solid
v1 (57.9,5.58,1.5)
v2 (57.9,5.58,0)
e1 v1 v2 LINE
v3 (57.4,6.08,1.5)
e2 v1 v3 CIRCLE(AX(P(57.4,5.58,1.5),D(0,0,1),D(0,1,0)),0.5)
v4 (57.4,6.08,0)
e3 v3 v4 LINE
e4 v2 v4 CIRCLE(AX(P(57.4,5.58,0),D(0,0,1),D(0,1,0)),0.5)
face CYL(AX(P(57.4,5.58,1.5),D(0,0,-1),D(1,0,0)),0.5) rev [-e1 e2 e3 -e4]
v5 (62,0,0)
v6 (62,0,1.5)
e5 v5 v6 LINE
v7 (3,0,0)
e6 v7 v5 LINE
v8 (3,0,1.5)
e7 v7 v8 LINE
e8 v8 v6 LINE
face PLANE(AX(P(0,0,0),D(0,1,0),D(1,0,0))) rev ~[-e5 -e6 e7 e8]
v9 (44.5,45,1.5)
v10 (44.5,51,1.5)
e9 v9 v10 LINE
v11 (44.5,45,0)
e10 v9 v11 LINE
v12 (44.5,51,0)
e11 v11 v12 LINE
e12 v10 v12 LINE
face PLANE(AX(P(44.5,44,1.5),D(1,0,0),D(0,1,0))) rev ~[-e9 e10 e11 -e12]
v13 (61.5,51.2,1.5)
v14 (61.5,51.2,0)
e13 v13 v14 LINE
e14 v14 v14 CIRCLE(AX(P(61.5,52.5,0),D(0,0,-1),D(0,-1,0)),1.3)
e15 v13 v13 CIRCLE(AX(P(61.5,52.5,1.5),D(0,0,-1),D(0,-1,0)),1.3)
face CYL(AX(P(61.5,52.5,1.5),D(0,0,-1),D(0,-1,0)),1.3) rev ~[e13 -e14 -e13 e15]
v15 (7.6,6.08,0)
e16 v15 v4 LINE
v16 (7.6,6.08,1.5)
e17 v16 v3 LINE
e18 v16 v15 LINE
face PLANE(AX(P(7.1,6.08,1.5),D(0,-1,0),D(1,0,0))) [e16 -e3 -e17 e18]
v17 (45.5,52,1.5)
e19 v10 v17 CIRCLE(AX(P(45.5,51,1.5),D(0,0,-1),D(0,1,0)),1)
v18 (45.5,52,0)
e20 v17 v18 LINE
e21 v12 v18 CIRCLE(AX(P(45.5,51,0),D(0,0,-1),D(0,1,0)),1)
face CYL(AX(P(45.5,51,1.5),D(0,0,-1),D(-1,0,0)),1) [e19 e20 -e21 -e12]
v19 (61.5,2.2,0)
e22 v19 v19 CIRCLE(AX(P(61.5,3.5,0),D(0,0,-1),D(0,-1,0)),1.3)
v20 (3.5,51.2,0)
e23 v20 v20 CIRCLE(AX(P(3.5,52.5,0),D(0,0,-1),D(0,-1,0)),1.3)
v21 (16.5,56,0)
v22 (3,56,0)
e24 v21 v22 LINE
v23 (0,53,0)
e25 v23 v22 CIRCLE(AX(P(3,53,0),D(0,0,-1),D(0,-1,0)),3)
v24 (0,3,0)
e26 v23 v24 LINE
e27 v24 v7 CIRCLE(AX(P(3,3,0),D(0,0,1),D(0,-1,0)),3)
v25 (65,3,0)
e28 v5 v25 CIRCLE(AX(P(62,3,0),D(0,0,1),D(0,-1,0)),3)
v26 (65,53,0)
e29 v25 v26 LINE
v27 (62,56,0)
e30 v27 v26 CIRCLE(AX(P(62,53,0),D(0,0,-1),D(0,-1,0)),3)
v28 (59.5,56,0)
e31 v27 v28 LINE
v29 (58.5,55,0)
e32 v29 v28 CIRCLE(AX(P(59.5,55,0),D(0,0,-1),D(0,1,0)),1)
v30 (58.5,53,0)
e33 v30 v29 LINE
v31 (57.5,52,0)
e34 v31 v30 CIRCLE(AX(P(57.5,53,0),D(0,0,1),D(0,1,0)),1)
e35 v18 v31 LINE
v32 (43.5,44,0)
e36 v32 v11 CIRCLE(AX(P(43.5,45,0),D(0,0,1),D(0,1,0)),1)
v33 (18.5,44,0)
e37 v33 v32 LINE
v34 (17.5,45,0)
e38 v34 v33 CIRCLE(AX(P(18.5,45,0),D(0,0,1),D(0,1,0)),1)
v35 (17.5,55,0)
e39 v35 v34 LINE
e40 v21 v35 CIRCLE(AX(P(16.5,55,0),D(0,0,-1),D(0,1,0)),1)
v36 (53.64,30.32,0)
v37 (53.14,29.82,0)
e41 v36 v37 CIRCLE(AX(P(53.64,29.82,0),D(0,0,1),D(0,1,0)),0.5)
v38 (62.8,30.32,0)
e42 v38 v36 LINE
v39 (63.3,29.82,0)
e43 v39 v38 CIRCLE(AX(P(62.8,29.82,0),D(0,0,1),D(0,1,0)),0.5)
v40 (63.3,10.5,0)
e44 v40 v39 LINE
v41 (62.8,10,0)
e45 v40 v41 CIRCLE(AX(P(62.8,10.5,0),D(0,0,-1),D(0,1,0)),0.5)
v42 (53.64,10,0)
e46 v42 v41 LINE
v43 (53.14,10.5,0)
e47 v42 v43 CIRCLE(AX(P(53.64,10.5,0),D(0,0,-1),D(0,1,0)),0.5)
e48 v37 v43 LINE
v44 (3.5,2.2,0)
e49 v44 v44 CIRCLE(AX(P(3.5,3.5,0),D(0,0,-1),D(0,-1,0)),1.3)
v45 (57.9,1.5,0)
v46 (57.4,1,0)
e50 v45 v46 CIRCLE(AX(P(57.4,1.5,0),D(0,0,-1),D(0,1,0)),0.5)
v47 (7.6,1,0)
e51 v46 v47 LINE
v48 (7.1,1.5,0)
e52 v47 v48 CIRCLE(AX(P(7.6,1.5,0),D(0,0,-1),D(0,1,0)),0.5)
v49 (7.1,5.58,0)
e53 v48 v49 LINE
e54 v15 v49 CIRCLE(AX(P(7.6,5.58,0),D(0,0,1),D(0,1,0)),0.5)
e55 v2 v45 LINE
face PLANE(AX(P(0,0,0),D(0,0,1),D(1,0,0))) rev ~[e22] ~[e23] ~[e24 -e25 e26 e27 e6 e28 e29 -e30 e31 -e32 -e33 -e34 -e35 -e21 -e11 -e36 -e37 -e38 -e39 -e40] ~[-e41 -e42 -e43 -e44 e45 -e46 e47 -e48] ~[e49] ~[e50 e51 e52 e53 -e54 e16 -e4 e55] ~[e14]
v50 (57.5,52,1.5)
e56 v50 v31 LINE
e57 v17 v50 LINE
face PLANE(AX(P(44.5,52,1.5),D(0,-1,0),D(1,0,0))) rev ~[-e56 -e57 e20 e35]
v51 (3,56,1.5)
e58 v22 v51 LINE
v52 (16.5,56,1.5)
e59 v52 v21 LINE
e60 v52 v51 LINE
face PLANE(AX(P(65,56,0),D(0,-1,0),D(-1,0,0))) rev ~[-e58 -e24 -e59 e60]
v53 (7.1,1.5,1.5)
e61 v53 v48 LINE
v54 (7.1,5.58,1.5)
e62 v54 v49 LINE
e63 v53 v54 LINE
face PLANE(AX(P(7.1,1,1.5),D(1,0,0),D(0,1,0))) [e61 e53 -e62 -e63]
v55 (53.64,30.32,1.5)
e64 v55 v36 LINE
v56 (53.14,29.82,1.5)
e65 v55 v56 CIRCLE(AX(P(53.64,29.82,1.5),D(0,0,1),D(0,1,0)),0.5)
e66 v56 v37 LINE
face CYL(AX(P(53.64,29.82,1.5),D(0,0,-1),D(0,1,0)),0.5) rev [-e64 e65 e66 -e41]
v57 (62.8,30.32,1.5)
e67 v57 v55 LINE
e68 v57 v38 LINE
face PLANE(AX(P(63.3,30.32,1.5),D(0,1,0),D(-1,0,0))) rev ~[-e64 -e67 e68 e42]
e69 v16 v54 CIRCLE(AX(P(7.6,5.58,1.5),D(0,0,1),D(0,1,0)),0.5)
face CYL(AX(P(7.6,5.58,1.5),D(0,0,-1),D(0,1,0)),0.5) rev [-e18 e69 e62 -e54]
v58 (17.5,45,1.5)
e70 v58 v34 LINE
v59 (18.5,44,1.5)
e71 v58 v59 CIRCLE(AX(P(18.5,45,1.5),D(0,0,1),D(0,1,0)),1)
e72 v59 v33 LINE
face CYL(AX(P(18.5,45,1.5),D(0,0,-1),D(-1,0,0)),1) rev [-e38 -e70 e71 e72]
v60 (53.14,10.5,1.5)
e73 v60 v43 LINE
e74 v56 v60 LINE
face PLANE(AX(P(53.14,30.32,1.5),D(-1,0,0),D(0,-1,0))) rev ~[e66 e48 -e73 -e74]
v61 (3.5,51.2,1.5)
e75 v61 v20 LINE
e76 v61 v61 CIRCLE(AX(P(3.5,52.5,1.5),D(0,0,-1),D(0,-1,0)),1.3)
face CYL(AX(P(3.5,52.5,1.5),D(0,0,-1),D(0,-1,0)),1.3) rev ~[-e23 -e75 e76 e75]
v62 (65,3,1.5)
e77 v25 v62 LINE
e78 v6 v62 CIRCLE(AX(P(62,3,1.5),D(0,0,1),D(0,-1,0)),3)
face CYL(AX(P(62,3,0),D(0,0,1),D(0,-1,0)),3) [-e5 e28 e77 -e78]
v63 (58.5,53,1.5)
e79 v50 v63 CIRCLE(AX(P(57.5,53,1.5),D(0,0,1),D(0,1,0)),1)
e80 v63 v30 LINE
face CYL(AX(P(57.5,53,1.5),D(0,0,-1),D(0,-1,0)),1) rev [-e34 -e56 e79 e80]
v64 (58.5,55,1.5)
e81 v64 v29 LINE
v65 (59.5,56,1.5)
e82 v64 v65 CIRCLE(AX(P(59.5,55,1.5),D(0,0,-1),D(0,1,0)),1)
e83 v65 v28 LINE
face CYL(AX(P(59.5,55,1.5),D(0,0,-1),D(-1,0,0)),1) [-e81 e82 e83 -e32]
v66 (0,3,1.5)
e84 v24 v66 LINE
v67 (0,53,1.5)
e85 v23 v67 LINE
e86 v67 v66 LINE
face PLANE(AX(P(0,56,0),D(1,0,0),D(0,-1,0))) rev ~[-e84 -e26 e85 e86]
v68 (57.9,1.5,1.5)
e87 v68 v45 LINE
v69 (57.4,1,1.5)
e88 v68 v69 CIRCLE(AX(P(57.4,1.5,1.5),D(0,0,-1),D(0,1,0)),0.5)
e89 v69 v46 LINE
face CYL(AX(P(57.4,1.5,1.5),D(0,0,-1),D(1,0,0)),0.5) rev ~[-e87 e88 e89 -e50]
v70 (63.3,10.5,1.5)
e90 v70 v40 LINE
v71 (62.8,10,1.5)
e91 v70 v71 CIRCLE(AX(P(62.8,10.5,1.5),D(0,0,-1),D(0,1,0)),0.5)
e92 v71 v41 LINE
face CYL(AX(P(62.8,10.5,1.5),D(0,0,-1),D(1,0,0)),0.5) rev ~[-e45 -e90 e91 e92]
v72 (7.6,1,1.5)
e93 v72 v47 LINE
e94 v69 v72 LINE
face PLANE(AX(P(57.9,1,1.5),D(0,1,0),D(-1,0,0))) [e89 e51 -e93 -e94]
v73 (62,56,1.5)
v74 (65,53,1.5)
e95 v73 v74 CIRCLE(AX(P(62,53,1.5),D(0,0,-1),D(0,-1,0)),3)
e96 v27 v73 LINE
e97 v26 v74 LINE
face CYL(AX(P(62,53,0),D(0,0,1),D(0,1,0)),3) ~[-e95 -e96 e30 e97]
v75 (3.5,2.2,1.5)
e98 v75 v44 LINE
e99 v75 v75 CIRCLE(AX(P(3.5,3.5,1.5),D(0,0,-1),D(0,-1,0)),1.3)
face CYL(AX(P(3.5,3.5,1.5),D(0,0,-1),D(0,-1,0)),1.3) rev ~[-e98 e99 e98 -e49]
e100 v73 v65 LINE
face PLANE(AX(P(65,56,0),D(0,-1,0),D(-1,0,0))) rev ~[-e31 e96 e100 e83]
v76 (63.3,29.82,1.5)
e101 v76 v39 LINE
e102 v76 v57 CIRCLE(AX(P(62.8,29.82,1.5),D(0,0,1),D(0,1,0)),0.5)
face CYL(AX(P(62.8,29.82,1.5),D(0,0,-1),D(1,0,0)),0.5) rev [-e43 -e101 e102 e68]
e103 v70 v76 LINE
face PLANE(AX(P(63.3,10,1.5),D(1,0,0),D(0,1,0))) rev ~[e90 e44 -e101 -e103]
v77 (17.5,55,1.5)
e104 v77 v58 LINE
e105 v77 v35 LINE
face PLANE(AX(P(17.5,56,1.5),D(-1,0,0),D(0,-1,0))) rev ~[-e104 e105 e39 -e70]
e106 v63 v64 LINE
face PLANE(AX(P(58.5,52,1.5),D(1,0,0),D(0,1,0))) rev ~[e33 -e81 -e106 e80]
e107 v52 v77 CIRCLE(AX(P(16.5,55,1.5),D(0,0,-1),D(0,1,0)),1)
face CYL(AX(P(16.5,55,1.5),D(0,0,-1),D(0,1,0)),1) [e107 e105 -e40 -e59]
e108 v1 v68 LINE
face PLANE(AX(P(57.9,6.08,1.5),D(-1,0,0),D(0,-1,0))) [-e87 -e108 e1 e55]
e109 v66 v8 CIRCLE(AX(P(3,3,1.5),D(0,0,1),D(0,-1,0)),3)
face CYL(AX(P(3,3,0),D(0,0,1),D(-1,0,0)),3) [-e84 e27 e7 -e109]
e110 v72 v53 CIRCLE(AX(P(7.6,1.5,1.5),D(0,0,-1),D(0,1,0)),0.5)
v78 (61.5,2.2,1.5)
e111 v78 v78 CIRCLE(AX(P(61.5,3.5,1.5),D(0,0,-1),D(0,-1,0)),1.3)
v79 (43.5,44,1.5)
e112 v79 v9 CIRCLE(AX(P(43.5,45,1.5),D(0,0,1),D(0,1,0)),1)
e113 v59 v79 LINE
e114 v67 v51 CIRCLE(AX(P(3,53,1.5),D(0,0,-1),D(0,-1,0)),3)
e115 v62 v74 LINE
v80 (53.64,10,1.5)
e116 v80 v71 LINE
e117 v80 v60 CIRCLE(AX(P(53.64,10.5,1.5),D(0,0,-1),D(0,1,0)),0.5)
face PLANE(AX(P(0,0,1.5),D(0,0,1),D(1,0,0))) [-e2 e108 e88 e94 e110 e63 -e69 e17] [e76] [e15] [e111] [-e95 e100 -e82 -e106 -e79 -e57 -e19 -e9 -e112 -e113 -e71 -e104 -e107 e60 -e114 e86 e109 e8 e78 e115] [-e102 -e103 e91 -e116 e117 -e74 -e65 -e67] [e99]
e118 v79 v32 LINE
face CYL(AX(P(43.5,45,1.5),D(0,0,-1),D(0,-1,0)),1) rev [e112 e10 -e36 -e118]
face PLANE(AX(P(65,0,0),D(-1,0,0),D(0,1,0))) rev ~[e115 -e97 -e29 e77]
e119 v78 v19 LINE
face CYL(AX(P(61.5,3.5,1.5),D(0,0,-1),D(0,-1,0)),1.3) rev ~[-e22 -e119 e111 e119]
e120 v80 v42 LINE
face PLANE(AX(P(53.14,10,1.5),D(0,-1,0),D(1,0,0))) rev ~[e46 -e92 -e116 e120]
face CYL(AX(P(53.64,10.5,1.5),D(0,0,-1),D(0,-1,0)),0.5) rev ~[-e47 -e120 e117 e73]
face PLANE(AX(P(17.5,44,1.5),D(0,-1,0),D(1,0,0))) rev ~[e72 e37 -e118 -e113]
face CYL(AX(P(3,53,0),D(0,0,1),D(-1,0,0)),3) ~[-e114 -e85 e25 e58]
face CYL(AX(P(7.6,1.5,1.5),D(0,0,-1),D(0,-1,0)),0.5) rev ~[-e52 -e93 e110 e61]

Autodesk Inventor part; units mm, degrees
ref_plane "YZ Plane" through (0, 0, 0) normal (1, 0, 0) x (0, 1, 0)
ref_plane "XZ Plane" through (0, 0, 0) normal (0, 1, 0) x (-1, 0, 0)
ref_plane "XY Plane" through (0, 0, 0) normal (0, 0, 1) x (1, 0, 0)
sketch "スケッチ1" plane through (0, 0, 0) normal (0, 0, 1) x (1, 0, 0)
  line L0 (0, 0) -> (65, 0)
  line L1 (65, 0) -> (65, 56)
  line L2 (65, 56) -> (0, 56)
  line L3 (0, 56) -> (0, 0)
  dimension "d0" = 56
  dimension "d1" = 65
extrude "押し出し1" add sketch "スケッチ1" along normal blind 1.5
sketch "スケッチ2" plane through (0, 0, 1.5) normal (0, 0, 1) x (1, 0, 0)
  line L0 (0, 0) -> (65, 0) projected
  line L1 (65, 0) -> (65, 56) projected
  line L2 (65, 56) -> (0, 56) projected
  line L3 (0, 56) -> (0, 0) projected
  line L4 (3.5, 52.5) -> (61.5, 52.5)
  line L5 (61.5, 52.5) -> (61.5, 3.5)
  line L6 (61.5, 3.5) -> (3.5, 3.5)
  line L7 (3.5, 3.5) -> (3.5, 52.5)
  dimension "d4" = 3.5
hole "穴1" at (61.5, 52.5, 1.5) at (61.5, 3.5, 1.5) at (3.5, 3.5, 1.5) at (3.5, 52.5, 1.5) direction (0, 0, -1) diameter 2.6 end through all
fillet "フィレット1" radius 3 4 edges at (0, 56, 0.75) (65, 56, 0.75) (65, 0, 0.75) (0, 0, 0.75)
sketch "スケッチ3" plane through (0, 0, 1.5) normal (0, 0, 1) x (1, 0, 0)
  arc A0 (0, 3) -> (3, 0) centre (3, 3) ccw projected
  line L0 (3, 0) -> (62, 0) projected
  arc A1 (62, 0) -> (65, 3) centre (62, 3) ccw projected
  line L1 (65, 3) -> (65, 53) projected
  arc A2 (65, 53) -> (62, 56) centre (62, 53) ccw projected
  line L2 (62, 56) -> (3, 56) projected
  arc A3 (3, 56) -> (0, 53) centre (3, 53) ccw projected
  line L3 (0, 53) -> (0, 3) projected
  circle A4 centre (3.5, 3.5) radius 1.3 projected
  circle A5 centre (61.5, 52.5) radius 1.3 projected
  circle A6 centre (61.5, 3.5) radius 1.3 projected
  circle A7 centre (3.5, 52.5) radius 1.3 projected
  line L4 (63.3, 30.32) -> (53.14, 30.32)
  line L5 (53.14, 30.32) -> (53.14, 10)
  line L6 (53.14, 10) -> (63.3, 10)
  line L7 (63.3, 10) -> (63.3, 30.32)
  point P0 (0, 0)
  dimension "d13" = 20.32
  dimension "d14" = 10.16
  dimension "d23" = 1.7
  dimension "d24" = 10
extrude "押し出し2" cut sketch "スケッチ3" against normal through all contours L7 L6 L5 L4
sketch "スケッチ4" plane through (0, 0, 1.5) normal (0, 0, 1) x (1, 0, 0)
  line L0 (53.14, 10) -> (53.14, 30.32) projected
  line L1 (53.14, 30.32) -> (63.3, 30.32) projected
  line L2 (63.3, 30.32) -> (63.3, 10) projected
  line L3 (63.3, 10) -> (53.14, 10) projected
  arc A0 (0, 3) -> (3, 0) centre (3, 3) ccw projected
  line L4 (3, 0) -> (62, 0) projected
  arc A1 (62, 0) -> (65, 3) centre (62, 3) ccw projected
  line L5 (65, 3) -> (65, 53) projected
  arc A2 (65, 53) -> (62, 56) centre (62, 53) ccw projected
  line L6 (62, 56) -> (3, 56) projected
  arc A3 (3, 56) -> (0, 53) centre (3, 53) ccw projected
  line L7 (0, 53) -> (0, 3) projected
  circle A4 centre (3.5, 3.5) radius 1.3 projected
  circle A5 centre (61.5, 52.5) radius 1.3 projected
  circle A6 centre (61.5, 3.5) radius 1.3 projected
  circle A7 centre (3.5, 52.5) radius 1.3 projected
  line L8 (57.9, 1) -> (7.1, 1)
  line L9 (7.1, 1) -> (7.1, 6.08)
  line L10 (7.1, 6.08) -> (57.9, 6.08)
  line L11 (57.9, 6.08) -> (57.9, 1)
  point P0 (0, 0)
  dimension "d17" = 5.08
  dimension "d18" = 1
  dimension "d21" = 7.1
  dimension "d22" = 50.8
extrude "押し出し3" cut sketch "スケッチ4" against normal through all contours L8 L9 L10 L11
sketch "スケッチ5" plane through (0, 0, 1.5) normal (0, 0, 1) x (1, 0, 0)
  line L0 (57.9, 6.08) -> (57.9, 1) projected
  line L1 (57.9, 1) -> (7.1, 1) projected
  line L2 (7.1, 1) -> (7.1, 6.08) projected
  line L3 (7.1, 6.08) -> (57.9, 6.08) projected
  line L4 (53.14, 10) -> (53.14, 30.32) projected
  line L5 (53.14, 30.32) -> (63.3, 30.32) projected
  line L6 (63.3, 30.32) -> (63.3, 10) projected
  line L7 (63.3, 10) -> (53.14, 10) projected
  arc A0 (0, 3) -> (3, 0) centre (3, 3) ccw projected
  line L8 (3, 0) -> (62, 0) projected
  arc A1 (62, 0) -> (65, 3) centre (62, 3) ccw projected
  line L9 (65, 3) -> (65, 53) projected
  arc A2 (65, 53) -> (62, 56) centre (62, 53) ccw projected
  line L10 (62, 56) -> (3, 56) projected
  arc A3 (3, 56) -> (0, 53) centre (3, 53) ccw projected
  line L11 (0, 53) -> (0, 3) projected
  circle A4 centre (3.5, 3.5) radius 1.3 projected
  circle A5 centre (61.5, 52.5) radius 1.3 projected
  circle A6 centre (61.5, 3.5) radius 1.3 projected
  circle A7 centre (3.5, 52.5) radius 1.3 projected
  line L12 (58.5, 56) -> (44.5, 56)
  line L13 (44.5, 56) -> (44.5, 52)
  line L14 (44.5, 52) -> (58.5, 52)
  line L15 (58.5, 52) -> (58.5, 56)
  line L16 (17.5, 44) -> (44.5, 44)
  line L17 (44.5, 44) -> (44.5, 56)
  line L18 (44.5, 56) -> (17.5, 56)
  line L19 (17.5, 56) -> (17.5, 44)
  point P0 (0, 0)
  dimension "d25" = 3
  dimension "d26" = 4
  dimension "d27" = 14
  dimension "d28" = 27
  dimension "d29" = 12
extrude "押し出し4" cut sketch "スケッチ5" against normal through all contours L10 L13 L17 L16 L19 | L10 L15 L14 L13
fillet "フィレット2" radius 1 3 edges at (58.5, 56, 0.75) (44.5, 52, 0.75) (17.5, 56, 0.75)
fillet "フィレット2" radius 1 3 edges at (58.5, 52, 0.75) (44.5, 44, 0.75) (17.5, 44, 0.75)
fillet "フィレット3" radius 0.5 8 edges at (57.9, 1, 0.75) (57.9, 6.08, 0.75) (63.3, 10, 0.75) (53.14, 10, 0.75) (53.14, 30.32, 0.75) (63.3, 30.32, 0.75) (7.1, 1, 0.75) (7.1, 6.08, 0.75)
properties part number "ボードガード" material "アルミニウム 6061"
